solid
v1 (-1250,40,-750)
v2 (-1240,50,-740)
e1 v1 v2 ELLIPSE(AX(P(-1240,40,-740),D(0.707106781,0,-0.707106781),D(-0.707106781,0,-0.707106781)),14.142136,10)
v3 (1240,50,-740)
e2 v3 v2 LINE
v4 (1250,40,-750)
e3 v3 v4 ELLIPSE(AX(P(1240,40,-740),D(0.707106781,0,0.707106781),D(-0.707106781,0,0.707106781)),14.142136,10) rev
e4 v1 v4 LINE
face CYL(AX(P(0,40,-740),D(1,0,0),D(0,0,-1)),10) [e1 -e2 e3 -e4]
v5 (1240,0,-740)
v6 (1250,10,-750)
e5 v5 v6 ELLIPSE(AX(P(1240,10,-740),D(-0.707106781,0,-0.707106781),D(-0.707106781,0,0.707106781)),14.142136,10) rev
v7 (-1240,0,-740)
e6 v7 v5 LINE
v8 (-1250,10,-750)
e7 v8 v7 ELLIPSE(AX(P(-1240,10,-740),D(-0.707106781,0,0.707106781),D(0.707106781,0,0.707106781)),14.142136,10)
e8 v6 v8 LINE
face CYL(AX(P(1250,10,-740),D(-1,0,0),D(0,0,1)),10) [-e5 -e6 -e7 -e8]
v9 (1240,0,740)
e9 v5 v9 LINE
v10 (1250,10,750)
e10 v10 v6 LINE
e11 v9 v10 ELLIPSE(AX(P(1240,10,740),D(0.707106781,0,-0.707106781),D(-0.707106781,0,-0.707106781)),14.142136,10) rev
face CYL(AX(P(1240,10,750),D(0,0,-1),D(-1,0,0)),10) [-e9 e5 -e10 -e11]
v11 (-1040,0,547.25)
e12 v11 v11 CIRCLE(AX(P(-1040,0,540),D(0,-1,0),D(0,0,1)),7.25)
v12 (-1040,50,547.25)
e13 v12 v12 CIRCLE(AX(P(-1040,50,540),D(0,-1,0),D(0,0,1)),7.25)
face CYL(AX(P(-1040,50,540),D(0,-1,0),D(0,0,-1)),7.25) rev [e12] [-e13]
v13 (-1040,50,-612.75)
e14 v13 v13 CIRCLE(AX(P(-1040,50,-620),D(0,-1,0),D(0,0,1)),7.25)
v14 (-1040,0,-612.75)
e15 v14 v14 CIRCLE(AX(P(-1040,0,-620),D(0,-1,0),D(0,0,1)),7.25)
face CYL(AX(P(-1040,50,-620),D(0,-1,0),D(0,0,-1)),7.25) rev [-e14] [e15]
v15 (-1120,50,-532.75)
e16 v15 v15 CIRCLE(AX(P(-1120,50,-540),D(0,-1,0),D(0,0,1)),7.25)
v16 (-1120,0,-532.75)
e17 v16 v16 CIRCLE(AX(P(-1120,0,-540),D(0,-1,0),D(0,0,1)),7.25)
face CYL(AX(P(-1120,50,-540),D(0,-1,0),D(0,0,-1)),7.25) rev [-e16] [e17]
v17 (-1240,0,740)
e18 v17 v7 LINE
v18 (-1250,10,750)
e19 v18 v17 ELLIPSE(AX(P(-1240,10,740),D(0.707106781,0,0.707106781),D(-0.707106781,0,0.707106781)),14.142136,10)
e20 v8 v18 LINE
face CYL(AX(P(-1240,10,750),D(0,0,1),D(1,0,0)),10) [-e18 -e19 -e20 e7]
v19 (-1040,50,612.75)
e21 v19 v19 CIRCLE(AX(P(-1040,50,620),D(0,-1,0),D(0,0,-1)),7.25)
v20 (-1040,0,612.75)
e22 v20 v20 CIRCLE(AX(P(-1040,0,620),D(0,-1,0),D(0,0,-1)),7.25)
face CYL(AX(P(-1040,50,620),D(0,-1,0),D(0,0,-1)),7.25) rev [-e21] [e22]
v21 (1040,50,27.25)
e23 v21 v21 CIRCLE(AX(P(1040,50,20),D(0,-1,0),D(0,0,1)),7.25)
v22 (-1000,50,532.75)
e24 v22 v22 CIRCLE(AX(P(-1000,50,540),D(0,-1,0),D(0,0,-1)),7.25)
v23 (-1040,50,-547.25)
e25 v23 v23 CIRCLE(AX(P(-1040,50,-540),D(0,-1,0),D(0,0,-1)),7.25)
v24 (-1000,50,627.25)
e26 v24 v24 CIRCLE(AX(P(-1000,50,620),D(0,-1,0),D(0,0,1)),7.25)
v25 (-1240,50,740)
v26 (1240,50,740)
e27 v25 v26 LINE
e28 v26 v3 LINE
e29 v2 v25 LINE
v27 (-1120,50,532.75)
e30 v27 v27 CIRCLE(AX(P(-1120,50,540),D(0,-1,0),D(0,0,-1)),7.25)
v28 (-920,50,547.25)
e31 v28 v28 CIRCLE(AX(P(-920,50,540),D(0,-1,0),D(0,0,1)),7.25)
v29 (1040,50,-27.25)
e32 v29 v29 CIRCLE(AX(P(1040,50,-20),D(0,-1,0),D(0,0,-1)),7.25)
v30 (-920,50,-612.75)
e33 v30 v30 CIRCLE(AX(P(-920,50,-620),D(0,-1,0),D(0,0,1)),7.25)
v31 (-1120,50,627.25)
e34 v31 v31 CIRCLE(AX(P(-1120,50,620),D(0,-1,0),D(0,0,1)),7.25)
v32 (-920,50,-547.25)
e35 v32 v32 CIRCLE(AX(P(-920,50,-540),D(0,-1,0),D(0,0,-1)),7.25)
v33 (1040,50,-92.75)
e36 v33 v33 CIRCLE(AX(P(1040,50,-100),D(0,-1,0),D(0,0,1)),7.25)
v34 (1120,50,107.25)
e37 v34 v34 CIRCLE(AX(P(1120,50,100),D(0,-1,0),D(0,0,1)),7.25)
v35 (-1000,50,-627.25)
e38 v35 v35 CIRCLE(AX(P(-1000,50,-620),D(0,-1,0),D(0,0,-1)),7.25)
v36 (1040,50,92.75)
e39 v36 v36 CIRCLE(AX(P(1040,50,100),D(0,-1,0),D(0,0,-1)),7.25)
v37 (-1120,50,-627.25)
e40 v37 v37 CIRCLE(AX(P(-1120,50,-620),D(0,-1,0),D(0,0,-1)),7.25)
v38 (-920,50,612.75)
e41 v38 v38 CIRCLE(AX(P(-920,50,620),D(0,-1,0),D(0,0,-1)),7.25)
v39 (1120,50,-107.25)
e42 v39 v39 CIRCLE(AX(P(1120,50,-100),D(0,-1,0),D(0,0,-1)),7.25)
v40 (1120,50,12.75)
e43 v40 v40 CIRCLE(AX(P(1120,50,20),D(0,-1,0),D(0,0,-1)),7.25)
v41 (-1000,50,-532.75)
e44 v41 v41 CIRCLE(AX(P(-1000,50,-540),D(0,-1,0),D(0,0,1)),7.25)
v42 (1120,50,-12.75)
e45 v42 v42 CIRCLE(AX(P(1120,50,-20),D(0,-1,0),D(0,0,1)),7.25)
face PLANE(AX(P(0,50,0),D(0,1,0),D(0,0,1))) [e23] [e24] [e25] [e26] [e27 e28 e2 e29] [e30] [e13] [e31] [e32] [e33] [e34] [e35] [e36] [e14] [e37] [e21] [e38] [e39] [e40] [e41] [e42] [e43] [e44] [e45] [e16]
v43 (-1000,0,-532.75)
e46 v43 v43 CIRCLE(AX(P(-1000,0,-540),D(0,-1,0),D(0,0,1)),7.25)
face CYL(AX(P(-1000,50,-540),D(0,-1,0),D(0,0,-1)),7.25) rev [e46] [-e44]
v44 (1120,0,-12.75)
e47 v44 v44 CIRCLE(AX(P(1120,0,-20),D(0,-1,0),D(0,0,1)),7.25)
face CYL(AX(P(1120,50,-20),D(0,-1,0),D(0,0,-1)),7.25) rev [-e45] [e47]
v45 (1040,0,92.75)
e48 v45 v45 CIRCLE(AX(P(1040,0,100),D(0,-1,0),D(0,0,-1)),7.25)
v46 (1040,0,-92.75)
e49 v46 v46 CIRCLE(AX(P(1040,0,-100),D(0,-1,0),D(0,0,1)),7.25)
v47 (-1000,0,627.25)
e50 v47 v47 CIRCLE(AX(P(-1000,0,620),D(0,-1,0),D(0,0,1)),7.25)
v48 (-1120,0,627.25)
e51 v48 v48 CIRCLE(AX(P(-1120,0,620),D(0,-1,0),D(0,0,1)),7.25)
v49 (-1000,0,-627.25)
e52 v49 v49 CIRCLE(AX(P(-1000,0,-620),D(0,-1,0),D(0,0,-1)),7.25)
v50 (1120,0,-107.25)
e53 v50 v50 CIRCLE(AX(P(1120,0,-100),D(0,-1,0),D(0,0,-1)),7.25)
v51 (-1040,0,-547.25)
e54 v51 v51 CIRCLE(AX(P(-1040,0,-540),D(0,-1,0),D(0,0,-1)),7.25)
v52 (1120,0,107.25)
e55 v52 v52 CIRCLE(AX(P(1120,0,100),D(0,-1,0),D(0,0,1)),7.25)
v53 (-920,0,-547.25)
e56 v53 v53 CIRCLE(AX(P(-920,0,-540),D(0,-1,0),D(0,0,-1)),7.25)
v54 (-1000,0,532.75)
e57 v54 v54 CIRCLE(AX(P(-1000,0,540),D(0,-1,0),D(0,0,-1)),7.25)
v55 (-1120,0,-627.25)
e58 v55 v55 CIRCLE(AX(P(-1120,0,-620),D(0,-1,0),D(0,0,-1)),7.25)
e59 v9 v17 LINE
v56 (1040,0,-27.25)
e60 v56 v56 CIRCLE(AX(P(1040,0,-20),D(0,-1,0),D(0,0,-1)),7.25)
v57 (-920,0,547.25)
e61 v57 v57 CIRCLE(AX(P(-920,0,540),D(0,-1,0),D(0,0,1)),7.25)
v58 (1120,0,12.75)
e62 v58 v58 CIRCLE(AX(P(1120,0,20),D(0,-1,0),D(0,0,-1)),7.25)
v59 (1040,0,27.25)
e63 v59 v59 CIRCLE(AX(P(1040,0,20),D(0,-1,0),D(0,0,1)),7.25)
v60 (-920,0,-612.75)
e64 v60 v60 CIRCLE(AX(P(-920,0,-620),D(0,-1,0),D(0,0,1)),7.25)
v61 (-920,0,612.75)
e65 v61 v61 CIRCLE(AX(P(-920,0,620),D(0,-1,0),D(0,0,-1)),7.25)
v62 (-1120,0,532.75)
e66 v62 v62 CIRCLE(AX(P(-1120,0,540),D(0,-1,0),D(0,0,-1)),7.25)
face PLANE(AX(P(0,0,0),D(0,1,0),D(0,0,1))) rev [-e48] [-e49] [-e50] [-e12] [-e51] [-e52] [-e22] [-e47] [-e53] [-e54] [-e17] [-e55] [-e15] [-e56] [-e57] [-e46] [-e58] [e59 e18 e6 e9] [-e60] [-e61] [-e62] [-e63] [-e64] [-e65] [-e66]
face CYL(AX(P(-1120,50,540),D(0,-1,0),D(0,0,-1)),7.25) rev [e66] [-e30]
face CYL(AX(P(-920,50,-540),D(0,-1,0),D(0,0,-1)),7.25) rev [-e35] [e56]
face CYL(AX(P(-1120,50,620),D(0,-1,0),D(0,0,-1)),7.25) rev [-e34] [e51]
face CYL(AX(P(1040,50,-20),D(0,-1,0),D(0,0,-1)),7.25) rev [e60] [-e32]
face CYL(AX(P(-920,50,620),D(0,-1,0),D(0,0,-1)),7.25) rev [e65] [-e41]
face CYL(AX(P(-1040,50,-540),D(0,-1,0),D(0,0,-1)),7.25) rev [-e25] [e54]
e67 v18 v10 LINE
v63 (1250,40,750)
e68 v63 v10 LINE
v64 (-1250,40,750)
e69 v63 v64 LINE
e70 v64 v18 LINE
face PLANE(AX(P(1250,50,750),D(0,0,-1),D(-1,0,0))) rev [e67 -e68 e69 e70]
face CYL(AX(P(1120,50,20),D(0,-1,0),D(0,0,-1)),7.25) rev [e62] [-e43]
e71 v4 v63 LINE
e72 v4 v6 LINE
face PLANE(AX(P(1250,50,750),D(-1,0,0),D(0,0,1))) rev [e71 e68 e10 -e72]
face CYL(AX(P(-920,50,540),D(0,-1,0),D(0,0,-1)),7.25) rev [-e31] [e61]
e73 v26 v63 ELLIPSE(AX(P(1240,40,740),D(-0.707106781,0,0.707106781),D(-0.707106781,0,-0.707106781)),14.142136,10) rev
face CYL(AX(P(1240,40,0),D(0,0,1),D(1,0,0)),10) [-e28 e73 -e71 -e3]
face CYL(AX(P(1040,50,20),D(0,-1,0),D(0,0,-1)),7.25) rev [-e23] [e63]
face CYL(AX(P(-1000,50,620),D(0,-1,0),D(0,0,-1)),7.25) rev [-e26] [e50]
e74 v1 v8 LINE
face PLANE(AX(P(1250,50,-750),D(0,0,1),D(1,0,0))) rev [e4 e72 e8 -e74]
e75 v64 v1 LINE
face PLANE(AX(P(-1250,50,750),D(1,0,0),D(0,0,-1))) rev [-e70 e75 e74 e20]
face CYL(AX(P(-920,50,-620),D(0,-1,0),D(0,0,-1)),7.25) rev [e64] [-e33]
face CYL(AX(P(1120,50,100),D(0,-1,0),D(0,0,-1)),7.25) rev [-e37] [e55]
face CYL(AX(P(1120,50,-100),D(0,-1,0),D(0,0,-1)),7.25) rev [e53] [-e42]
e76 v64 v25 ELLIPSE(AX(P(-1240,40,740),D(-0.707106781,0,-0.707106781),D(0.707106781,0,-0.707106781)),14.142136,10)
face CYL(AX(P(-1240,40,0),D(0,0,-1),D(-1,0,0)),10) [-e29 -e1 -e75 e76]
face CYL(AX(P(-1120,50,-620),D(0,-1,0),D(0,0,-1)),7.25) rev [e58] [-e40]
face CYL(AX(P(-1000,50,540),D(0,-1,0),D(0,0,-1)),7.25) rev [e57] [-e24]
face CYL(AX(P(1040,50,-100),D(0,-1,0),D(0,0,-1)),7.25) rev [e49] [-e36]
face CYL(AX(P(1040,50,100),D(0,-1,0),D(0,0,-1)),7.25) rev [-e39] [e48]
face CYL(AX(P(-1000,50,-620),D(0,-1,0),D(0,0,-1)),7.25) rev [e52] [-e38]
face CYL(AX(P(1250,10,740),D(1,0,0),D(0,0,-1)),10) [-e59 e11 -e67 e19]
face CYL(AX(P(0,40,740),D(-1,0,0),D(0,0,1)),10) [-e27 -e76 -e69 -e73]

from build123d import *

# Parameters (mm, degrees)
ESQUISSE1_W             = 2500
ESQUISSE1_H             = 1500
BOSS_EXTRU_1_DEPTH      = 50
CONG_1_R                = 10
CONG_2_R                = 10
ESQUISSE4_R             = 7.25
ENL_V_MAT_EXTRU_2_DEPTH = 51
ESQUISSE5_R             = 7.25
ENL_V_MAT_EXTRU_3_DEPTH = 51


with BuildPart() as part:
    # Esquisse1 → Boss.-Extru.1 (new body)
    with BuildSketch(Plane(origin=(0, 0, 0), x_dir=(1, 0, 0), z_dir=(0, 1, 0))):
        Rectangle(ESQUISSE1_W, ESQUISSE1_H)
    extrude(amount=BOSS_EXTRU_1_DEPTH)

    # Congé1
    cong_1_edges = [part.edges().sort_by_distance(p)[0] for p in [
        (1250, 50, 0),
        (0, 50, -750),
        (-1250, 50, 0),
        (0, 50, 750),
    ]]
    fillet(cong_1_edges, radius=CONG_1_R)

    # Congé2
    cong_2_edges = [part.edges().sort_by_distance(p)[0] for p in [
        (0, 0, -750),
        (1250, 0, 0),
        (0, 0, 750),
        (-1250, 0, 0),
    ]]
    fillet(cong_2_edges, radius=CONG_2_R)

    # Esquisse4 → Enlèv. mat.-Extru.2 (cut, through all)
    with BuildSketch(Plane.XZ):
        with Locations((1120, -100)):
            Circle(ESQUISSE4_R)
        with Locations((1040, -100)):
            Circle(ESQUISSE4_R)
        with Locations((1040, -20)):
            Circle(ESQUISSE4_R)
        with Locations((1120, -20)):
            Circle(ESQUISSE4_R)
        with Locations((1120, 100)):
            Circle(ESQUISSE4_R)
        with Locations((1120, 20)):
            Circle(ESQUISSE4_R)
        with Locations((1040, 20)):
            Circle(ESQUISSE4_R)
        with Locations((1040, 100)):
            Circle(ESQUISSE4_R)
    extrude(amount=-ENL_V_MAT_EXTRU_2_DEPTH, mode=Mode.SUBTRACT)

    # Esquisse5 → Enlèv. mat.-Extru.3 (cut, through all)
    with BuildSketch(Plane(origin=(0, 0, 0), x_dir=(-1, 0, 0), z_dir=(0, -1, 0))):
        with Locations((1120, 620)):
            Circle(ESQUISSE5_R)
        with Locations((1040, 620)):
            Circle(ESQUISSE5_R)
        with Locations((1040, 540)):
            Circle(ESQUISSE5_R)
        with Locations((1120, 540)):
            Circle(ESQUISSE5_R)
        with Locations((920, 620)):
            Circle(ESQUISSE5_R)
        with Locations((1000, 620)):
            Circle(ESQUISSE5_R)
        with Locations((1000, 540)):
            Circle(ESQUISSE5_R)
        with Locations((920, 540)):
            Circle(ESQUISSE5_R)
        with Locations((920, -620)):
            Circle(ESQUISSE5_R)
        with Locations((920, -540)):
            Circle(ESQUISSE5_R)
        with Locations((1000, -540)):
            Circle(ESQUISSE5_R)
        with Locations((1000, -620)):
            Circle(ESQUISSE5_R)
        with Locations((1040, -620)):
            Circle(ESQUISSE5_R)
        with Locations((1040, -540)):
            Circle(ESQUISSE5_R)
        with Locations((1120, -540)):
            Circle(ESQUISSE5_R)
        with Locations((1120, -620)):
            Circle(ESQUISSE5_R)
    extrude(amount=-ENL_V_MAT_EXTRU_3_DEPTH, mode=Mode.SUBTRACT)


solid = part.part
